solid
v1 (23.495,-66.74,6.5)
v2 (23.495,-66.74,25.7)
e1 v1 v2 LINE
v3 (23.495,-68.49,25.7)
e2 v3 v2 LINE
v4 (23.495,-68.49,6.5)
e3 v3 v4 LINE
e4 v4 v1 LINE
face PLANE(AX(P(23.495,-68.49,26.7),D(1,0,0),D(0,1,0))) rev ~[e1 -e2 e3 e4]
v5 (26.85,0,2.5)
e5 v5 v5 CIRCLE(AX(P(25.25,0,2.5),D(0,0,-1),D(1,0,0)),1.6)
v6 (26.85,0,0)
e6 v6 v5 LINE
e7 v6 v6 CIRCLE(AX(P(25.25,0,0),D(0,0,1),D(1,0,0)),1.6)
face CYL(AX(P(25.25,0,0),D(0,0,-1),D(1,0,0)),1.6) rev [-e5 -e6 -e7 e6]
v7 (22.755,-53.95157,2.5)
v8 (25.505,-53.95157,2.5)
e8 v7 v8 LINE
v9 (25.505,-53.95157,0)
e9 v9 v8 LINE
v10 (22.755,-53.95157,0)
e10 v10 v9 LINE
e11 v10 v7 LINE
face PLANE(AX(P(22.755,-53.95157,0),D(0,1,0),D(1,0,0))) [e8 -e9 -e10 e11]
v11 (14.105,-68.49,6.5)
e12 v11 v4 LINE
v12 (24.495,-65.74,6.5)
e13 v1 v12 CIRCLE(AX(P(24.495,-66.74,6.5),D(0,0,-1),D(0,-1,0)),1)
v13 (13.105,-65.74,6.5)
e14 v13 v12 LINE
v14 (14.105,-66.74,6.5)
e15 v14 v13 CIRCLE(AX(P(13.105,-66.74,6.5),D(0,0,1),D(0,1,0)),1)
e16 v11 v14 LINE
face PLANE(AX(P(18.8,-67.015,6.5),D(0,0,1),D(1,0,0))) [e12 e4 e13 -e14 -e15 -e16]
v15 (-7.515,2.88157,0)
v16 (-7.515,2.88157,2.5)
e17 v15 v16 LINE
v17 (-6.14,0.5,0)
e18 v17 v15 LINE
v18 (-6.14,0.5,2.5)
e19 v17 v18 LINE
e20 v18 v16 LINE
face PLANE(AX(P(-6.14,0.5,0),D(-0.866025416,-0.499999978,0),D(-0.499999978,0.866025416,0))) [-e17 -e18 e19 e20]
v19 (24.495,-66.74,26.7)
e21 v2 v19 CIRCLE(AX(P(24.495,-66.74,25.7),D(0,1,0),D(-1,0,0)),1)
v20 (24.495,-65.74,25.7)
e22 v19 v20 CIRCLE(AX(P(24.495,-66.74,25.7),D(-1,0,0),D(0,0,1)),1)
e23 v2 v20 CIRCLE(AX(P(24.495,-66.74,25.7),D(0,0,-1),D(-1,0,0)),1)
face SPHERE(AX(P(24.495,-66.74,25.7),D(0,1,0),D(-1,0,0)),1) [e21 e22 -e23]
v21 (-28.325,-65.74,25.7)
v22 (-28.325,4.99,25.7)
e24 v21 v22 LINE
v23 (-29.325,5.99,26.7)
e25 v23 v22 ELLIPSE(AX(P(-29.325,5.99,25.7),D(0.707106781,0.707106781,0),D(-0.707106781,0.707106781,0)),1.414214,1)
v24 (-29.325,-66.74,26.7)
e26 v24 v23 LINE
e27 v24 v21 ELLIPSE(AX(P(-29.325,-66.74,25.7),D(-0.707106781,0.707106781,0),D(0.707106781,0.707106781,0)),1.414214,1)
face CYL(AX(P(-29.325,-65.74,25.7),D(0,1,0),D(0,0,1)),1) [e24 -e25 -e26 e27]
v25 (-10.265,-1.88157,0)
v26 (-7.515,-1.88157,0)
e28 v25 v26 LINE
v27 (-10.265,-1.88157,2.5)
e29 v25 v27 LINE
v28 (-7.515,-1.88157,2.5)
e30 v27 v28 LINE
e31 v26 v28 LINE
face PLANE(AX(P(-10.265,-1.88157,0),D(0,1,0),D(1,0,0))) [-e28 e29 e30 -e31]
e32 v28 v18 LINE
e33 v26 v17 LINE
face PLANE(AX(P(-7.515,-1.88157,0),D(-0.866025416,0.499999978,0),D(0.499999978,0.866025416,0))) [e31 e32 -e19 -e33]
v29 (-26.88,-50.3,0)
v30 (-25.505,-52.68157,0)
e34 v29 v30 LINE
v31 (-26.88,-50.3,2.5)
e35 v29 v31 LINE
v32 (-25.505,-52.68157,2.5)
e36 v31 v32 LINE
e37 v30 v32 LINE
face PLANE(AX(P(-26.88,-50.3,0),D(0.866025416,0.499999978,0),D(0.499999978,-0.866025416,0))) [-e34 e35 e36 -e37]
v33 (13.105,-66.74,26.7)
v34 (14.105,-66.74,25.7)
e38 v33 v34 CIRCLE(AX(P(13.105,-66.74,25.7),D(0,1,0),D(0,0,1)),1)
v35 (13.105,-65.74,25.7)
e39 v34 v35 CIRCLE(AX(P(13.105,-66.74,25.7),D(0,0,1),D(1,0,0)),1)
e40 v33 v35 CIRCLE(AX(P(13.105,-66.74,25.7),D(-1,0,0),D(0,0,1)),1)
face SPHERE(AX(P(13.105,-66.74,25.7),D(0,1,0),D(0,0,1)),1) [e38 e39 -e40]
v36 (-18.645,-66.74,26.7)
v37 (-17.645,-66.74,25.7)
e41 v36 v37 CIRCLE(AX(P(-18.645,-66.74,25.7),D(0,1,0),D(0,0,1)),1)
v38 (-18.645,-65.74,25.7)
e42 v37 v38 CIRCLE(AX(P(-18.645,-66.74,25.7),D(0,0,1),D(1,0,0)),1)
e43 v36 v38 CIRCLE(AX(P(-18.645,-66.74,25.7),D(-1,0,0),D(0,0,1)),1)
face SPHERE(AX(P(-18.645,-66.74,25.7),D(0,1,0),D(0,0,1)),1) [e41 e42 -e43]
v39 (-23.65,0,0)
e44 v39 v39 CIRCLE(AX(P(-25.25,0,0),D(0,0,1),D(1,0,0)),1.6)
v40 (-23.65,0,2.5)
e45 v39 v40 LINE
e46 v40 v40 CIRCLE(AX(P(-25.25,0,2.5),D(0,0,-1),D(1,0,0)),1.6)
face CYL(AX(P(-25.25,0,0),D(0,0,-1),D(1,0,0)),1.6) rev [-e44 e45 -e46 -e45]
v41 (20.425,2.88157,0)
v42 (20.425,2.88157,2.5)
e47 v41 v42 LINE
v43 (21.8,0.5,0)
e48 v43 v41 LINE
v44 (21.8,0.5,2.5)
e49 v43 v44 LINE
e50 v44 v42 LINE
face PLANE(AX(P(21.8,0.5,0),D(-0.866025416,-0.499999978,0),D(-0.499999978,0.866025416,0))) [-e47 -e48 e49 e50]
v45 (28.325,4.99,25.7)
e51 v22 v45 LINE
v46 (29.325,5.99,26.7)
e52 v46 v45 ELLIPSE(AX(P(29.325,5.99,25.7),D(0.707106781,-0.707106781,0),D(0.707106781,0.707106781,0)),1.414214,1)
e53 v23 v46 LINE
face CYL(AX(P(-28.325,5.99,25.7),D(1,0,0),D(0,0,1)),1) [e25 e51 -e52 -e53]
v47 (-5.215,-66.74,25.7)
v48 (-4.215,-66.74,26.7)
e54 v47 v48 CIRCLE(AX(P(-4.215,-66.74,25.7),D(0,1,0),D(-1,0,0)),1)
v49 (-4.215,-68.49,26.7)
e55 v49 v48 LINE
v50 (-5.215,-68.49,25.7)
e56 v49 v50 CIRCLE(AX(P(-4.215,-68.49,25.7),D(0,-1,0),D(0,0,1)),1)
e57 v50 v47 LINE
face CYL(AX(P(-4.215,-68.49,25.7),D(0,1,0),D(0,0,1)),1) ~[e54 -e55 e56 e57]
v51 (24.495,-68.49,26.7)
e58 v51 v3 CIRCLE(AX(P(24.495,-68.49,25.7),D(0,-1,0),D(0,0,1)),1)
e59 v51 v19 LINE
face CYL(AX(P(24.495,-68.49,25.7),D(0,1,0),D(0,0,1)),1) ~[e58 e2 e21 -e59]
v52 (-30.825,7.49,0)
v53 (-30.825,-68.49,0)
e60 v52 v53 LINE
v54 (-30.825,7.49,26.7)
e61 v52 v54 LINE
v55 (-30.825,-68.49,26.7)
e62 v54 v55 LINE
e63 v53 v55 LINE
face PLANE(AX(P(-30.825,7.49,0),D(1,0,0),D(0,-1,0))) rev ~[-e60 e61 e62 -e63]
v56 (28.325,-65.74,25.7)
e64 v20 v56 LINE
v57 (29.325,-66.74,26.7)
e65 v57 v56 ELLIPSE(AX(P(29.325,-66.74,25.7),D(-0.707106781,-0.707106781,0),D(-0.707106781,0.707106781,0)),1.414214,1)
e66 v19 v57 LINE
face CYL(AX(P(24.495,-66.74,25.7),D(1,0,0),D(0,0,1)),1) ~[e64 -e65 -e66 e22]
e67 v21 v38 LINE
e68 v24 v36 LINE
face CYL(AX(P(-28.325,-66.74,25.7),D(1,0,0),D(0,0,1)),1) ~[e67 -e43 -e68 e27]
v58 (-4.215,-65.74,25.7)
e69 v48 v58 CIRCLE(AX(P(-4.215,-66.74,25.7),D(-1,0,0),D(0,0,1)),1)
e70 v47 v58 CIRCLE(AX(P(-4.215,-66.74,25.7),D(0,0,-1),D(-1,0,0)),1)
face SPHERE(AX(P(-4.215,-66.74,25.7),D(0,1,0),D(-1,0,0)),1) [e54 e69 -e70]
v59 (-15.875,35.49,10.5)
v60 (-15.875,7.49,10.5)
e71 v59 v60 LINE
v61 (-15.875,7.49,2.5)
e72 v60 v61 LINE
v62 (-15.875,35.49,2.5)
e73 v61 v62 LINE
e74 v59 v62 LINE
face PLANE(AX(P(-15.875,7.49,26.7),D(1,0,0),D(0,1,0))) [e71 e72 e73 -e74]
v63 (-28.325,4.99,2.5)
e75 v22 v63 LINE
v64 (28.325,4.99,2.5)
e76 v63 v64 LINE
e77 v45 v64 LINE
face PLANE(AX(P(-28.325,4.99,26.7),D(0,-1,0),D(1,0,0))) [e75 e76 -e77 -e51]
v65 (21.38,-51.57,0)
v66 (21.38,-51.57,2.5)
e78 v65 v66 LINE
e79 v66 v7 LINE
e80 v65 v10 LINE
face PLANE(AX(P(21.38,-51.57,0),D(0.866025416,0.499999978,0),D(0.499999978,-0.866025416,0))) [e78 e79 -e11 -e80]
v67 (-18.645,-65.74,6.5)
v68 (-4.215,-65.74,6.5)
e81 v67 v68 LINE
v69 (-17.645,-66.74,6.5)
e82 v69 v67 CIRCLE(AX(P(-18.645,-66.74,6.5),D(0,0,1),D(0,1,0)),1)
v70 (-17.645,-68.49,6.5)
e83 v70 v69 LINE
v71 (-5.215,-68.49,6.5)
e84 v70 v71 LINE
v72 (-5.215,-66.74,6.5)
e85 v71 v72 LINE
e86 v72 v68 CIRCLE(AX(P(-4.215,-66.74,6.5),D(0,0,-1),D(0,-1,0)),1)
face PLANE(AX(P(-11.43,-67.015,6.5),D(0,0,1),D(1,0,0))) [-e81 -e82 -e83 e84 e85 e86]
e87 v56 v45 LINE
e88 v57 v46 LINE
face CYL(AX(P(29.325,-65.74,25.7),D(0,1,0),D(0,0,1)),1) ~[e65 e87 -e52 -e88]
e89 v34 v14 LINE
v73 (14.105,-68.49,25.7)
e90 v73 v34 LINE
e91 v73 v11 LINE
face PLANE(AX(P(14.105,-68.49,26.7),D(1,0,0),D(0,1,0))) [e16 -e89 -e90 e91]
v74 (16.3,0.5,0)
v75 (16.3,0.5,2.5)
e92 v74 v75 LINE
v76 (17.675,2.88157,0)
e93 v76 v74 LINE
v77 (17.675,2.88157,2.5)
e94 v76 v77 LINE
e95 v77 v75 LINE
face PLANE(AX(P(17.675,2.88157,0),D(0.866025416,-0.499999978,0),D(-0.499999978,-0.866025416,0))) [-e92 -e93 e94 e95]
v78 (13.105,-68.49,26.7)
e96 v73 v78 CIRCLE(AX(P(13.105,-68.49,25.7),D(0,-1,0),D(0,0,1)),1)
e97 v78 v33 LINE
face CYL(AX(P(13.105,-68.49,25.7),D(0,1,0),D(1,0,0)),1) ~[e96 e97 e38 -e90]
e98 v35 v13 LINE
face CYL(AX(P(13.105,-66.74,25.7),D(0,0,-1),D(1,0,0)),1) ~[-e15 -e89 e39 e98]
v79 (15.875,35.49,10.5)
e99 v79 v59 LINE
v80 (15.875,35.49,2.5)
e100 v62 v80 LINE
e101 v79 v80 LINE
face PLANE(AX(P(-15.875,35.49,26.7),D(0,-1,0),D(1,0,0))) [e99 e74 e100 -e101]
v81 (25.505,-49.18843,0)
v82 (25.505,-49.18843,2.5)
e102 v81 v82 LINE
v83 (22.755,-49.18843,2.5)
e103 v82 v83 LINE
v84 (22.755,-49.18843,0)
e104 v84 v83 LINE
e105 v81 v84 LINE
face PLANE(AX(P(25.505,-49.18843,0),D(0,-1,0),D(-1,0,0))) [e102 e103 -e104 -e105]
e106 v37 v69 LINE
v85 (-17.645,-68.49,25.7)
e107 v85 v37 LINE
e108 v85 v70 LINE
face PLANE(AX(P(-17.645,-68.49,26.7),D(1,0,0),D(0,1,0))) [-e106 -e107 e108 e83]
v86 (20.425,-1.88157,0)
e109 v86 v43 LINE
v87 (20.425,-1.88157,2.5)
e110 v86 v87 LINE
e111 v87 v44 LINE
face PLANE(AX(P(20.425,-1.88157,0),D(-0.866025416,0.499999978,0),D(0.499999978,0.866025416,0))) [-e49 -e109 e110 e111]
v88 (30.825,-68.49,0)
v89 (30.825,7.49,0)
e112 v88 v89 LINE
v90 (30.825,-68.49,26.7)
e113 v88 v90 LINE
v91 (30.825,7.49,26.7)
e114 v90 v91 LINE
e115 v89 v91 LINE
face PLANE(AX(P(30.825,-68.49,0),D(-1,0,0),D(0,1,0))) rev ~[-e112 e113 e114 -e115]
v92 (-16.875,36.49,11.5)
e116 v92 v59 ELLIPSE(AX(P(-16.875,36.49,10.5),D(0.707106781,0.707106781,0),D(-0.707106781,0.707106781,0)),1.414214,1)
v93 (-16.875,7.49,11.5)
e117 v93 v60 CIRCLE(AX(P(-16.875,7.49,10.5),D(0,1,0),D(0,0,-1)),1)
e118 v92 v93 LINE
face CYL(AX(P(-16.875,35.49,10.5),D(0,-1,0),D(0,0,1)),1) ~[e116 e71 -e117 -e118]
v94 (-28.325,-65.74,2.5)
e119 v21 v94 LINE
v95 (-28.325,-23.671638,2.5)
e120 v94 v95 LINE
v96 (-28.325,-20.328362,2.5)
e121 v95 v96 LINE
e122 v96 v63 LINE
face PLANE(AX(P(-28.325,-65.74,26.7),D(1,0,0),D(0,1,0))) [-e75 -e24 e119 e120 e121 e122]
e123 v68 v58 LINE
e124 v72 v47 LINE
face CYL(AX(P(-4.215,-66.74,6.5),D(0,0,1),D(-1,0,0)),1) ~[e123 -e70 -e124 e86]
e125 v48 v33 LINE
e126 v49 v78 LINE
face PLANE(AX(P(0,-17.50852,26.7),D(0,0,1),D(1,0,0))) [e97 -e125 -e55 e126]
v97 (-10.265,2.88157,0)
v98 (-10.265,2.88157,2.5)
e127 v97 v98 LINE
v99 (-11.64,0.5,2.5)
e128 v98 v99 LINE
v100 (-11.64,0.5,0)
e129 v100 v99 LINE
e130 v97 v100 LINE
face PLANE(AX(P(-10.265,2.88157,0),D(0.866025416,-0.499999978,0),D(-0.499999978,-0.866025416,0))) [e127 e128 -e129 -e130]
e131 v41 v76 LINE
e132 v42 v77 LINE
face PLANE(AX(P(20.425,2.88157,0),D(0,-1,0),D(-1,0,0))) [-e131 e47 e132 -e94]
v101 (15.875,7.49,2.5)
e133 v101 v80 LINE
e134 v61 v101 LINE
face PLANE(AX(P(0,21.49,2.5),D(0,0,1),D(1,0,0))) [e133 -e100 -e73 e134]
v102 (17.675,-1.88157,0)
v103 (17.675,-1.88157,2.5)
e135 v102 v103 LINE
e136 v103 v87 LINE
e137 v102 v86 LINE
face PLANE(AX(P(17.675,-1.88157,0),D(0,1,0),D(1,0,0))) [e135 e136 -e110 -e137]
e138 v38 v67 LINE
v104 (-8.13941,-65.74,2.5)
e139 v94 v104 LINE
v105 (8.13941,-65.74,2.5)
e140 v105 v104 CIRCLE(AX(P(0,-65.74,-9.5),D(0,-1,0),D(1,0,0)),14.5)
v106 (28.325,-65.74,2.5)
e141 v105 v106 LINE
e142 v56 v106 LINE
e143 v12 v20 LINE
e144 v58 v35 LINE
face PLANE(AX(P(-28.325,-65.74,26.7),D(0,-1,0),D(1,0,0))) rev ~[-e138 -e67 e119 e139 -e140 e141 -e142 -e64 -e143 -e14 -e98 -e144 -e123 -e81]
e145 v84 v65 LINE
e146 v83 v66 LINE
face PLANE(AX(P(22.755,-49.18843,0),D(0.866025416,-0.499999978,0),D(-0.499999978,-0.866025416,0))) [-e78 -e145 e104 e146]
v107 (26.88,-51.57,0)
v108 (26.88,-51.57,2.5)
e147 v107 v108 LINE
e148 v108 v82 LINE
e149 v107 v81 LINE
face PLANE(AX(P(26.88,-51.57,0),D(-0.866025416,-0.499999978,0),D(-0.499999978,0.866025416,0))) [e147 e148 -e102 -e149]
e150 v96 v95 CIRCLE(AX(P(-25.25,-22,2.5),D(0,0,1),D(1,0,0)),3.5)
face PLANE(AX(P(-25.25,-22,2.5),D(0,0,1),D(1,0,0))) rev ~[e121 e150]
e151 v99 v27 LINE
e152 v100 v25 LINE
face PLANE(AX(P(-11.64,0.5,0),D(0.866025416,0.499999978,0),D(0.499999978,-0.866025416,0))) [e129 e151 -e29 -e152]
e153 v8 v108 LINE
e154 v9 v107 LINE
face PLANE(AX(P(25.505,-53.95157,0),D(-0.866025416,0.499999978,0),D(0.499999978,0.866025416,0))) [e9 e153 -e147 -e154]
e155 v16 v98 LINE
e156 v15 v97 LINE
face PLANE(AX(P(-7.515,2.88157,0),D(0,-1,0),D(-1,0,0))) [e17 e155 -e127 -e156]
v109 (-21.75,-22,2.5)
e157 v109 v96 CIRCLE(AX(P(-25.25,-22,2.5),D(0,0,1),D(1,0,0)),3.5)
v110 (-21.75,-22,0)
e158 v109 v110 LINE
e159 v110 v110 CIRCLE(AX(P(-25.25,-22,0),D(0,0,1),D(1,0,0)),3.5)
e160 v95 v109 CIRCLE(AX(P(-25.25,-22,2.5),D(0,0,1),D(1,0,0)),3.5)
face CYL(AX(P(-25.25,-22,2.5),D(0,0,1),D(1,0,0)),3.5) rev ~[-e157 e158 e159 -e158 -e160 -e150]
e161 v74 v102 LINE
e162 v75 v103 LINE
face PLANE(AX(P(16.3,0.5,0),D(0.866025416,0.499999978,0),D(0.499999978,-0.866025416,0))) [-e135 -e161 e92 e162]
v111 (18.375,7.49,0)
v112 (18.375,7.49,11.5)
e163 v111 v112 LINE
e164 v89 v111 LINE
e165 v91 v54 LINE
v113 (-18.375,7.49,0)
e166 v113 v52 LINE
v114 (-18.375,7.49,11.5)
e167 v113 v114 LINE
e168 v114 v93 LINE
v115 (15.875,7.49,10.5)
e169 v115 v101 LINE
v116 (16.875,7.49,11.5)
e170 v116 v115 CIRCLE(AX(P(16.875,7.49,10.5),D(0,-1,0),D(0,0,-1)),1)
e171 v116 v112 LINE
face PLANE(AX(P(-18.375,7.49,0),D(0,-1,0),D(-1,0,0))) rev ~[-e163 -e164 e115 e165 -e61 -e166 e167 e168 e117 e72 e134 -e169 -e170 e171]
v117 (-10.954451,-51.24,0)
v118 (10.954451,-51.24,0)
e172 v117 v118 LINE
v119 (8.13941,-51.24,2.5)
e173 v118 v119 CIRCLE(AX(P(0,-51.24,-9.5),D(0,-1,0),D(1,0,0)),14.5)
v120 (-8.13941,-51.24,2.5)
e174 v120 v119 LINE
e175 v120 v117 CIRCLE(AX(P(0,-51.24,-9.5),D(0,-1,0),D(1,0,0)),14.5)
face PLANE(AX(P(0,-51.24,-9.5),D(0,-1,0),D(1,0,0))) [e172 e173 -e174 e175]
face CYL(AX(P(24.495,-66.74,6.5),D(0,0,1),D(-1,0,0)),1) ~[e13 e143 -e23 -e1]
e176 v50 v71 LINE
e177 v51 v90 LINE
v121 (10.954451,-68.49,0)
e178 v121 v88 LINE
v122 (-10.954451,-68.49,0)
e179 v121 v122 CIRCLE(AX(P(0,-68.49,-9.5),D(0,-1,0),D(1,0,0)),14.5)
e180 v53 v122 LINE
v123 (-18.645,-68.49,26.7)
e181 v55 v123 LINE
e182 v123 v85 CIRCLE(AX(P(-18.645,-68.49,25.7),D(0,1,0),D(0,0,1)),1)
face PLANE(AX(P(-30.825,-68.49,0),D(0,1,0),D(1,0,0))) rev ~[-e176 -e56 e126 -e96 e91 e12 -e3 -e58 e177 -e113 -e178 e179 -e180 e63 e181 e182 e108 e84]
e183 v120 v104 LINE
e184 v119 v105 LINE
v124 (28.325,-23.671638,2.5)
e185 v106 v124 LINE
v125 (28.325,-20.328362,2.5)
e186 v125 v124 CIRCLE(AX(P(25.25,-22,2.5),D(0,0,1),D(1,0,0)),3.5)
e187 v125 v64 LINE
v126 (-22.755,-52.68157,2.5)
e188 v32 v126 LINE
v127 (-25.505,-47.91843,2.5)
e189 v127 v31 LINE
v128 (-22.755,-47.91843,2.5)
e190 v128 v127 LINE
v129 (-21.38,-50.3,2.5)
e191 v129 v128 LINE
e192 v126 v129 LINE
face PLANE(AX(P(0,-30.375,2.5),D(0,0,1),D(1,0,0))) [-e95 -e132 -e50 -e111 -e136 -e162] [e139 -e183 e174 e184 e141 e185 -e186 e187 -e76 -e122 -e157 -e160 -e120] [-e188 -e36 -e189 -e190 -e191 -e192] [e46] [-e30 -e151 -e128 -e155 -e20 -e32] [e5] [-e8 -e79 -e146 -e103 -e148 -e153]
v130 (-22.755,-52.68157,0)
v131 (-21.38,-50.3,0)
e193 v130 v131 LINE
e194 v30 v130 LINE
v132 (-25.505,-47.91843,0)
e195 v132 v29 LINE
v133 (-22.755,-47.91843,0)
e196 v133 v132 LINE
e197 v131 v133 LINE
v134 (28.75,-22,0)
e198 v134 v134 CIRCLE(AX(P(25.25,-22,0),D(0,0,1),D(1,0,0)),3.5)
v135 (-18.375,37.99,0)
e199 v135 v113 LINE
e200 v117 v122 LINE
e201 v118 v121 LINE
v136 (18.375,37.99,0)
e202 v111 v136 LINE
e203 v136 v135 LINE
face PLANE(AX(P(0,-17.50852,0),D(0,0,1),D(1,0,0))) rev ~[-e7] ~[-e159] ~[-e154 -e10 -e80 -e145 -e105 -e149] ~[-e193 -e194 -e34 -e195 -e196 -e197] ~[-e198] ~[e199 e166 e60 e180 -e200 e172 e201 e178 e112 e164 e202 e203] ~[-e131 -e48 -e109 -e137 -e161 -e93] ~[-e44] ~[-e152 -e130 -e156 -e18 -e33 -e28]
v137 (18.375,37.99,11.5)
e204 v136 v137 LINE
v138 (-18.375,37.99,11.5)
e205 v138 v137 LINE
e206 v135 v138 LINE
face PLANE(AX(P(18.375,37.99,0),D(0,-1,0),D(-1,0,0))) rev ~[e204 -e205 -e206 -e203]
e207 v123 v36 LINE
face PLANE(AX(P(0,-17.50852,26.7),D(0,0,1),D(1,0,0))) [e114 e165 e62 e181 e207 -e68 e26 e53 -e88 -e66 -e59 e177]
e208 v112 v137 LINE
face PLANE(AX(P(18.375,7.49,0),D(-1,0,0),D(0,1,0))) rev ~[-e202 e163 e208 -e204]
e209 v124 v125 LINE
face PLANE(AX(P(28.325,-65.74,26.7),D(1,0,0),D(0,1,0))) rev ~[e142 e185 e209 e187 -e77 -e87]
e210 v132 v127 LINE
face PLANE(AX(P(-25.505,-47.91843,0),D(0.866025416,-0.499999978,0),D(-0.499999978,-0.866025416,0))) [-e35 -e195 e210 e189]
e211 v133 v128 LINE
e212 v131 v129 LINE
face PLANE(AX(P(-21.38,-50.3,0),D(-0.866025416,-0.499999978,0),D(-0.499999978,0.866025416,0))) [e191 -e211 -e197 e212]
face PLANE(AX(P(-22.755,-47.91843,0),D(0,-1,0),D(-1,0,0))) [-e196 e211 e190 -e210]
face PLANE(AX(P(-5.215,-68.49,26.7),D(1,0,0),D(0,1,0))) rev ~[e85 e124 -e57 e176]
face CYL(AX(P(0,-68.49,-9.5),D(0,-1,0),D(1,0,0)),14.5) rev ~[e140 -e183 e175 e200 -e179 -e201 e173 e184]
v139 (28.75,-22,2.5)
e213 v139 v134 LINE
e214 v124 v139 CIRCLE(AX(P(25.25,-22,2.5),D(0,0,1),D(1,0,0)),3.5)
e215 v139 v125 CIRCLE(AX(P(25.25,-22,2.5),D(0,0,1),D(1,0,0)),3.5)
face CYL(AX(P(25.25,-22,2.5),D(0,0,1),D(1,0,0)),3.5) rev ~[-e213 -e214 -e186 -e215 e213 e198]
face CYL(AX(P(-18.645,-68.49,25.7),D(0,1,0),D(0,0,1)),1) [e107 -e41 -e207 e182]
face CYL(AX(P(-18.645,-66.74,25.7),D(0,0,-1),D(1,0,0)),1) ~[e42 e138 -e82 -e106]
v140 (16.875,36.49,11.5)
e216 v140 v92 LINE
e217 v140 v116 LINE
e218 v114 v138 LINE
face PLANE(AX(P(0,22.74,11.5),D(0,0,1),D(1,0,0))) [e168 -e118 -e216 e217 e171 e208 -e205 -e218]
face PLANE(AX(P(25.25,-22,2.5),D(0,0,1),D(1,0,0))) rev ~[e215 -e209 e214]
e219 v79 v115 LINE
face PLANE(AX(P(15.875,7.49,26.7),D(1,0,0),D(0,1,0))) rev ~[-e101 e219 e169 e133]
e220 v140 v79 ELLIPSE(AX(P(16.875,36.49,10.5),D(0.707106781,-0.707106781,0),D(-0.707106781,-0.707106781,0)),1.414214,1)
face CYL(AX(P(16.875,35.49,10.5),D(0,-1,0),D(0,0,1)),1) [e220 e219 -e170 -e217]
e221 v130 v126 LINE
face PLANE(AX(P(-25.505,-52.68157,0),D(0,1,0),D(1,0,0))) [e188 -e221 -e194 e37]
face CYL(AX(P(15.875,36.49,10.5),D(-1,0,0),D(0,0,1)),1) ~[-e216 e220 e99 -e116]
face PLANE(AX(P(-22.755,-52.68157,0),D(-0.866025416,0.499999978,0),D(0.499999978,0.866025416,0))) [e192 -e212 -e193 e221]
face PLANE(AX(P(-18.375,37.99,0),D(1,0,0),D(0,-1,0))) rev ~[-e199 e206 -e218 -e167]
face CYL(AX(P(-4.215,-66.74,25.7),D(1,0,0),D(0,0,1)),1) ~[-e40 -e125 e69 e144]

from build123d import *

# Parameters (mm, degrees)
SKETCH_R        = 1.6
PAD_DEPTH       = 26.7
SKETCH001_W     = 56.65
SKETCH001_H     = 70.73
SKETCH001_W_2   = 31.75
SKETCH001_H_2   = 28
POCKET_DEPTH    = 24.2
SKETCH002_W     = 36.75
SKETCH002_H     = 30.5
POCKET001_DEPTH = 15.2
SKETCH003_W     = 12.43
SKETCH003_H     = 2.95
SKETCH003_W_2   = 9.39
POCKET002_DEPTH = 20.2
SKETCH004_R     = 14.5
POCKET003_DEPTH = 17.25
SKETCH005_R     = 3.5
POCKET004_DEPTH = 2.5
FILLET_R        = 1
FILLET001_R     = 1


with BuildPart() as part:
    # Sketch → Pad (new body)
    with BuildSketch(Plane.XY):
        Polygon((-30.825, -68.49), (30.825, -68.49), (30.825, 7.49), (18.375, 7.49), (18.375, 37.99), (-18.375, 37.99), (-18.375, 7.49), (-30.825, 7.49), align=None)
        with Locations((-25.25, 0)):
            Circle(SKETCH_R, mode=Mode.SUBTRACT)
        with Locations((25.25, 0)):
            Circle(SKETCH_R, mode=Mode.SUBTRACT)
        Polygon((26.88, -51.57), (25.505, -49.18843), (22.755, -49.18843), (21.38, -51.57), (22.755, -53.95157), (25.505, -53.95157), align=None, mode=Mode.SUBTRACT)
        Polygon((-6.14, 0.5), (-7.515, 2.88157), (-10.265, 2.88157), (-11.64, 0.5), (-10.265, -1.88157), (-7.515, -1.88157), align=None, mode=Mode.SUBTRACT)
        Polygon((20.425, -1.88157), (21.8, 0.5), (20.425, 2.88157), (17.675, 2.88157), (16.3, 0.5), (17.675, -1.88157), align=None, mode=Mode.SUBTRACT)
        Polygon((-22.755, -52.68157), (-21.38, -50.3), (-22.755, -47.91843), (-25.505, -47.91843), (-26.88, -50.3), (-25.505, -52.68157), align=None, mode=Mode.SUBTRACT)
    extrude(amount=PAD_DEPTH)

    # Sketch001 (on Face36 of Pad) → Pocket (cut)
    with BuildSketch(Plane.XY.offset(26.7)):
        with Locations((0, -30.375)):
            Rectangle(SKETCH001_W, SKETCH001_H)
        with Locations((0, 21.49)):
            Rectangle(SKETCH001_W_2, SKETCH001_H_2)
    extrude(amount=-POCKET_DEPTH, mode=Mode.SUBTRACT)

    # Sketch002 (on Face5 of Pocket) → Pocket001 (cut)
    with BuildSketch(Plane.XY.offset(26.7)):
        with Locations((0, 22.74)):
            Rectangle(SKETCH002_W, SKETCH002_H)
    extrude(amount=-POCKET001_DEPTH, mode=Mode.SUBTRACT)

    # Sketch003 (on Face5 of Pocket001) → Pocket002 (cut)
    with BuildSketch(Plane.XY.offset(26.7)):
        with Locations((-11.43, -67.015)):
            Rectangle(SKETCH003_W, SKETCH003_H)
        with Locations((18.8, -67.015)):
            Rectangle(SKETCH003_W_2, SKETCH003_H)
    extrude(amount=-POCKET002_DEPTH, mode=Mode.SUBTRACT)

    # Sketch004 (on Face1 of Pocket002) → Pocket003 (cut)
    with BuildSketch(Plane.XZ.offset(68.49)):
        with Locations((0, -9.5)):
            Circle(SKETCH004_R)
    extrude(amount=-POCKET003_DEPTH, mode=Mode.SUBTRACT)

    # Sketch005 (on Face46 of Pocket003) → Pocket004 (cut)
    with BuildSketch(Plane.XY.offset(2.5)):
        with Locations((25.25, -22)):
            Circle(SKETCH005_R)
        with Locations((-25.25, -22)):
            Circle(SKETCH005_R)
    extrude(amount=-POCKET004_DEPTH, mode=Mode.SUBTRACT)

    # Fillet
    fillet_edges = [part.edges().sort_by_distance(p)[0] for p in [
        (15.875, 21.49, 11.5),
        (0, 35.49, 11.5),
        (-15.875, 21.49, 11.5),
        (-17.645, -67.115, 26.7),
        (-5.215, -67.115, 26.7),
        (14.105, -67.115, 26.7),
        (23.495, -67.115, 26.7),
    ]]
    fillet(fillet_edges, radius=FILLET_R)

    # Fillet001
    fillet001_edges = [part.edges().sort_by_distance(p)[0] for p in [
        (-28.325, -30.375, 26.7),
        (-23.485, -65.74, 26.7),
        (4.445, -65.74, 26.7),
        (28.325, -30.375, 26.7),
        (26.41, -65.74, 26.7),
        (0, 4.99, 26.7),
    ]]
    fillet(fillet001_edges, radius=FILLET001_R)


solid = part.part
